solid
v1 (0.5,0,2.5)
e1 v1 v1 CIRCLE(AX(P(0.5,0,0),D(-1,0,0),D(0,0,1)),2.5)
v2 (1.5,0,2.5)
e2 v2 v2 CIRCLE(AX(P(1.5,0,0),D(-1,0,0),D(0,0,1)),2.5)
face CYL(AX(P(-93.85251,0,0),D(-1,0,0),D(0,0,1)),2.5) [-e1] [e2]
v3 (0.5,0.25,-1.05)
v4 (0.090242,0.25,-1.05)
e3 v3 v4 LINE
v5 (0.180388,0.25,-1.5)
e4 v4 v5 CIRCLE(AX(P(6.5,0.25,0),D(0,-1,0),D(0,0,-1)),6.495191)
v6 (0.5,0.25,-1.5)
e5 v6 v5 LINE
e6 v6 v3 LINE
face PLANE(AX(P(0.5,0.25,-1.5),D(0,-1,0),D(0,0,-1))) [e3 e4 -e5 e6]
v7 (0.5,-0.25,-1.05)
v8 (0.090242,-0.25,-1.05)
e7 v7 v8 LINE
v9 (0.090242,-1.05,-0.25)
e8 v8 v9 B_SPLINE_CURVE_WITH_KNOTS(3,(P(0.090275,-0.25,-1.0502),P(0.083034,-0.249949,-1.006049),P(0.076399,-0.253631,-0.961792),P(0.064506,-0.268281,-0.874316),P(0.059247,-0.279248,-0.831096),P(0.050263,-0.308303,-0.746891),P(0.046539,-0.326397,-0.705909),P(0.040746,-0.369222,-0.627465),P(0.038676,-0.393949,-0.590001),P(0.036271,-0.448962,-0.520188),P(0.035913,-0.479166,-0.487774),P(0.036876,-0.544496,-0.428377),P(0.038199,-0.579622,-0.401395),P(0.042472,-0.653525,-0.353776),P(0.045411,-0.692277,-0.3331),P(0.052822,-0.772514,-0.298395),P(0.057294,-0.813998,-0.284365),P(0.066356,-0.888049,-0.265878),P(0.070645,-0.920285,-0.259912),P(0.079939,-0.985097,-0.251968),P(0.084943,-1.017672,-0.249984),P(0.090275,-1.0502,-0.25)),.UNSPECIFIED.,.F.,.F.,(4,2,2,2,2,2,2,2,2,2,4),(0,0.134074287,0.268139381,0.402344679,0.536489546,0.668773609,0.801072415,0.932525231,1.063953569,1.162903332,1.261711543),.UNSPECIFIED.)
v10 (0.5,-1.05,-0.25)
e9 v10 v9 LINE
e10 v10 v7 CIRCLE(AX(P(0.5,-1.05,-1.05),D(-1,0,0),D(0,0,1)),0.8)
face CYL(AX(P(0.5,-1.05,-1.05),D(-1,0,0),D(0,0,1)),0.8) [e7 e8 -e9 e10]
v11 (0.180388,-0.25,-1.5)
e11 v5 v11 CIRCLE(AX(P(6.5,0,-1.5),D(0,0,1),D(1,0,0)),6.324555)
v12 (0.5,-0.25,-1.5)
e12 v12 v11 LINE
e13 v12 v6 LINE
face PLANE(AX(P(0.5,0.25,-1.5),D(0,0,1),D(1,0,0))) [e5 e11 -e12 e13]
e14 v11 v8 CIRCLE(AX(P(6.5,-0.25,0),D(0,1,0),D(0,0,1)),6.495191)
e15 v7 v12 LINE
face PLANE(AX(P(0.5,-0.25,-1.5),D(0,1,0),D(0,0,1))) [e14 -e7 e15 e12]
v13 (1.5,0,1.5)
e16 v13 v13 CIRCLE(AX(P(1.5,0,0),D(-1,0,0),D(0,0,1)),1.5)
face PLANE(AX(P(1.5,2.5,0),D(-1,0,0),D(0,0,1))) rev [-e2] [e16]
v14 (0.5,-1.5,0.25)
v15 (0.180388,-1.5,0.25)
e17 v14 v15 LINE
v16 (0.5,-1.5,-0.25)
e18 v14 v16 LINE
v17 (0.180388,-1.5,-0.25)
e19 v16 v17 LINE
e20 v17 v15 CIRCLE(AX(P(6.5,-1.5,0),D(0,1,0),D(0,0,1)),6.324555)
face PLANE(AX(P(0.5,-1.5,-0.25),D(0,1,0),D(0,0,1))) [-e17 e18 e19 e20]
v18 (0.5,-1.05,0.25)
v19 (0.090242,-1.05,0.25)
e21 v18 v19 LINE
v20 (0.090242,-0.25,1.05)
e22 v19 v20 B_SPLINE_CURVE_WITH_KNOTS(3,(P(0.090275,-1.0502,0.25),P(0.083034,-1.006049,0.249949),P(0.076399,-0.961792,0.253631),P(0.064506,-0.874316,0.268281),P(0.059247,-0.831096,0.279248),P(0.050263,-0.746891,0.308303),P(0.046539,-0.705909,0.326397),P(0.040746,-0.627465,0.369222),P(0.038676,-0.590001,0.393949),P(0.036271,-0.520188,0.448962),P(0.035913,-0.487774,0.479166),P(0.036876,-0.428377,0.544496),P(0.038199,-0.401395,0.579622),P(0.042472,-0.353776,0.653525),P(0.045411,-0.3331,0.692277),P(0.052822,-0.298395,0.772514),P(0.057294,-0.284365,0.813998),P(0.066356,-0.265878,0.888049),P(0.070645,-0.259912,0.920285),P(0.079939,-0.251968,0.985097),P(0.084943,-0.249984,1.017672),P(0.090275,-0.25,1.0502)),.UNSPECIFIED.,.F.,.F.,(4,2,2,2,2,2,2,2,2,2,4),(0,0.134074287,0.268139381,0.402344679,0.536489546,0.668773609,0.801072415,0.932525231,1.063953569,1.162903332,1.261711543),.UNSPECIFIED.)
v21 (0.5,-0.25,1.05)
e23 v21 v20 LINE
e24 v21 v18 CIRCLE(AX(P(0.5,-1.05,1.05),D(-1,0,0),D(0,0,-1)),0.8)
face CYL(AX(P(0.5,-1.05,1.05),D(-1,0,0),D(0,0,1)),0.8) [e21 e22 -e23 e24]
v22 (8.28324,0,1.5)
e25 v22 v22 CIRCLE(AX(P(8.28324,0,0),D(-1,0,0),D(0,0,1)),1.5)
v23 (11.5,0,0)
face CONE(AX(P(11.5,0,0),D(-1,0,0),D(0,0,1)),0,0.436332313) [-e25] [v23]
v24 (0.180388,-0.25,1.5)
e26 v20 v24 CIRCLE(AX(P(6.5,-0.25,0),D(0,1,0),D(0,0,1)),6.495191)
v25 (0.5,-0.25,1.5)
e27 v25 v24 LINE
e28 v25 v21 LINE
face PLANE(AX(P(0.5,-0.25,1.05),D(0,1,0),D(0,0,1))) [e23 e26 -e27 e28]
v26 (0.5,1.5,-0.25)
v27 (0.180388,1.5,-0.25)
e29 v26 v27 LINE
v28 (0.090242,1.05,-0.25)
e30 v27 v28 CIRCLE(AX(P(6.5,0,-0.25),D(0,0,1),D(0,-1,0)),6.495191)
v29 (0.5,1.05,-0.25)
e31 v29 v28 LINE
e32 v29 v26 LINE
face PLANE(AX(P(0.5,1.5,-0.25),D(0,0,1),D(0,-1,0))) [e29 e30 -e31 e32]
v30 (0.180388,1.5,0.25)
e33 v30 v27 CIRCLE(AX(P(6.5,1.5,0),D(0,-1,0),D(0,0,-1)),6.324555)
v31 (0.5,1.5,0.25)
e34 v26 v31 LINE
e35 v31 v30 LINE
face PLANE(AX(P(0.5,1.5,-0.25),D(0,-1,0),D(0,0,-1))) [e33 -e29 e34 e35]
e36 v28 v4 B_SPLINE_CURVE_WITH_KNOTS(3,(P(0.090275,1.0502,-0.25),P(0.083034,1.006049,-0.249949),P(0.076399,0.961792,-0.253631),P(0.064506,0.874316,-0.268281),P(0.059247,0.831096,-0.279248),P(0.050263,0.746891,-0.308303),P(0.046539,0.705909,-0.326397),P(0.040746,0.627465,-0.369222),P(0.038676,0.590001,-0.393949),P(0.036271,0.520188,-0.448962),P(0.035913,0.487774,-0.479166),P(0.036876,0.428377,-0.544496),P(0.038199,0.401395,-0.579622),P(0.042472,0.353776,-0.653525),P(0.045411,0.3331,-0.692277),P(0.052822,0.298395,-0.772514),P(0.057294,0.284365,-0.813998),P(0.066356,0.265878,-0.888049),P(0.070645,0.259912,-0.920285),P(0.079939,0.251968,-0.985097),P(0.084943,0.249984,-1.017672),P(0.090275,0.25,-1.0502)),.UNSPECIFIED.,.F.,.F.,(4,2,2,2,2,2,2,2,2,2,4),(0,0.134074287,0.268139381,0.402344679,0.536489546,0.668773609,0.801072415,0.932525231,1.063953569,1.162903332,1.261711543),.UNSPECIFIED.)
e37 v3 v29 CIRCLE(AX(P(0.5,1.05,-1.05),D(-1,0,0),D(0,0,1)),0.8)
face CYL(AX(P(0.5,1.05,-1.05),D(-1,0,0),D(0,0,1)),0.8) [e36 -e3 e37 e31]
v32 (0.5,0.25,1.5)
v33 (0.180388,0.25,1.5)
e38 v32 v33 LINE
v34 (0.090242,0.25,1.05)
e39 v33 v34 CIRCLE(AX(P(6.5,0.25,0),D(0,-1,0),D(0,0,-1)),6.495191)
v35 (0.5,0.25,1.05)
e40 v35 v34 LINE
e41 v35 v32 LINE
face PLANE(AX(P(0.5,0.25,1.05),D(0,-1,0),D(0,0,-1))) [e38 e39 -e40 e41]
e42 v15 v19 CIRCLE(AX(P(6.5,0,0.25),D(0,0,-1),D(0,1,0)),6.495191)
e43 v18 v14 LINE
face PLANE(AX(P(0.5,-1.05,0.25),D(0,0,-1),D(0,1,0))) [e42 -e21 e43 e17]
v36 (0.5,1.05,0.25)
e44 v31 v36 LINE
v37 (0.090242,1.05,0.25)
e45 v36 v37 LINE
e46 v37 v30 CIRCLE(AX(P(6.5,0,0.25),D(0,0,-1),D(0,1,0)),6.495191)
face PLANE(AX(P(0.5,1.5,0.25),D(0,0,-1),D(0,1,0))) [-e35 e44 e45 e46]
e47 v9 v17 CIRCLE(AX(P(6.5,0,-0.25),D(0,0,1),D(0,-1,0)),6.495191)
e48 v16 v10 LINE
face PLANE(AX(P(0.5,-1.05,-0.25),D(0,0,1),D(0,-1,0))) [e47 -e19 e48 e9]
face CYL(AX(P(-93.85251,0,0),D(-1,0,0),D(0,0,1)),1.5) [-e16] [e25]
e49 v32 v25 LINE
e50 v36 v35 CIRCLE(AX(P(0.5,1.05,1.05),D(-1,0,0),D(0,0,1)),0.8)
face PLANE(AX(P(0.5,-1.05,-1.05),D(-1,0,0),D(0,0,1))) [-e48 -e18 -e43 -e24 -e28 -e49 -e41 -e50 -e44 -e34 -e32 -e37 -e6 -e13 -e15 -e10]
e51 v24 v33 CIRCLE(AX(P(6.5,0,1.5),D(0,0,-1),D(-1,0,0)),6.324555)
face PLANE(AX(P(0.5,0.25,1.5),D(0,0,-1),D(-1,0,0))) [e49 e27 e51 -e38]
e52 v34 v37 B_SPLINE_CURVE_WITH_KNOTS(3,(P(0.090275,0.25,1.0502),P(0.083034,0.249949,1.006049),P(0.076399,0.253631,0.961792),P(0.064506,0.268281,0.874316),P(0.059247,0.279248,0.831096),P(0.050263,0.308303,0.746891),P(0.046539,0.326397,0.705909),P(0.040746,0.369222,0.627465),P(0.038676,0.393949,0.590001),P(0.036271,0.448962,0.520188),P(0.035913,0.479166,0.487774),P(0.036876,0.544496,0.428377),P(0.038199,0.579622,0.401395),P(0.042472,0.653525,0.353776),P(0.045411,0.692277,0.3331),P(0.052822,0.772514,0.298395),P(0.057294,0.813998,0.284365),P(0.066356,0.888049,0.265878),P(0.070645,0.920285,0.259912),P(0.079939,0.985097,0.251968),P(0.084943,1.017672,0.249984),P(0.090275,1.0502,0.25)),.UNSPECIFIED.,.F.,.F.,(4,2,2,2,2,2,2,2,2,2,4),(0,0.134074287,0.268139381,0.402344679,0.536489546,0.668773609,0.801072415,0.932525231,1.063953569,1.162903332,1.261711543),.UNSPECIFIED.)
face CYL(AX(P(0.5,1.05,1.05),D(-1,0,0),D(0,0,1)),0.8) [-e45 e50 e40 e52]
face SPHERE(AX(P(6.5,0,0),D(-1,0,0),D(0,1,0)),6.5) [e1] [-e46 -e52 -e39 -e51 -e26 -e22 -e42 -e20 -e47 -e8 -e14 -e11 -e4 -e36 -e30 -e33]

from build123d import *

# Parameters (mm, degrees)
CUT_EXTRUDE_1_DEPTH = 0.5


with BuildPart() as part:
    # 草图1 → 旋转1 (revolve)
    with BuildSketch(Plane.XY, mode=Mode.PRIVATE) as revolve_1_sk:
        with BuildLine():
            Line((1.5, 2.5), (1.5, 1.5))
            Line((1.5, 1.5), (8.283239619, 1.5))
            Line((8.283239619, 1.5), (11.5, 0))
            Line((11.5, 0), (0, 0))
            ThreePointArc((0, 0), (0.126225608, 1.274754878), (0.5, 2.5))
            Line((0.5, 2.5), (1.5, 2.5))
        make_face()
    revolve(revolve_1_sk.sketch.rotate(Axis((-93.852509653, 0, 0), (1, 0, 0)), 90), axis=Axis((-93.852509653, 0, 0), (1, 0, 0)))

    # 草图2 → 切除-拉伸1 (cut)
    with BuildSketch(Plane(origin=(0, 0, 0), x_dir=(0, 0, -1), z_dir=(1, 0, 0))):
        with BuildLine():
            Line((1.5, 0.25), (1.05, 0.25))
            ThreePointArc((1.05, 0.25), (0.484314575, 0.484314575), (0.25, 1.05))
            Line((0.25, 1.05), (0.25, 1.5))
            Line((0.25, 1.5), (-0.25, 1.5))
            Line((-0.25, 1.5), (-0.25, 1.05))
            ThreePointArc((-0.25, 1.05), (-0.484314575, 0.484314575), (-1.05, 0.25))
            Line((-1.05, 0.25), (-1.5, 0.25))
            Line((-1.5, 0.25), (-1.5, -0.25))
            Line((-1.5, -0.25), (-1.05, -0.25))
            ThreePointArc((-1.05, -0.25), (-0.484314575, -0.484314575), (-0.25, -1.05))
            Line((-0.25, -1.05), (-0.25, -1.5))
            Line((-0.25, -1.5), (0.25, -1.5))
            Line((0.25, -1.5), (0.25, -1.05))
            ThreePointArc((0.25, -1.05), (0.484314575, -0.484314575), (1.05, -0.25))
            Line((1.05, -0.25), (1.5, -0.25))
            Line((1.5, -0.25), (1.5, 0.25))
        make_face()
    extrude(amount=CUT_EXTRUDE_1_DEPTH, mode=Mode.SUBTRACT)


solid = part.part
